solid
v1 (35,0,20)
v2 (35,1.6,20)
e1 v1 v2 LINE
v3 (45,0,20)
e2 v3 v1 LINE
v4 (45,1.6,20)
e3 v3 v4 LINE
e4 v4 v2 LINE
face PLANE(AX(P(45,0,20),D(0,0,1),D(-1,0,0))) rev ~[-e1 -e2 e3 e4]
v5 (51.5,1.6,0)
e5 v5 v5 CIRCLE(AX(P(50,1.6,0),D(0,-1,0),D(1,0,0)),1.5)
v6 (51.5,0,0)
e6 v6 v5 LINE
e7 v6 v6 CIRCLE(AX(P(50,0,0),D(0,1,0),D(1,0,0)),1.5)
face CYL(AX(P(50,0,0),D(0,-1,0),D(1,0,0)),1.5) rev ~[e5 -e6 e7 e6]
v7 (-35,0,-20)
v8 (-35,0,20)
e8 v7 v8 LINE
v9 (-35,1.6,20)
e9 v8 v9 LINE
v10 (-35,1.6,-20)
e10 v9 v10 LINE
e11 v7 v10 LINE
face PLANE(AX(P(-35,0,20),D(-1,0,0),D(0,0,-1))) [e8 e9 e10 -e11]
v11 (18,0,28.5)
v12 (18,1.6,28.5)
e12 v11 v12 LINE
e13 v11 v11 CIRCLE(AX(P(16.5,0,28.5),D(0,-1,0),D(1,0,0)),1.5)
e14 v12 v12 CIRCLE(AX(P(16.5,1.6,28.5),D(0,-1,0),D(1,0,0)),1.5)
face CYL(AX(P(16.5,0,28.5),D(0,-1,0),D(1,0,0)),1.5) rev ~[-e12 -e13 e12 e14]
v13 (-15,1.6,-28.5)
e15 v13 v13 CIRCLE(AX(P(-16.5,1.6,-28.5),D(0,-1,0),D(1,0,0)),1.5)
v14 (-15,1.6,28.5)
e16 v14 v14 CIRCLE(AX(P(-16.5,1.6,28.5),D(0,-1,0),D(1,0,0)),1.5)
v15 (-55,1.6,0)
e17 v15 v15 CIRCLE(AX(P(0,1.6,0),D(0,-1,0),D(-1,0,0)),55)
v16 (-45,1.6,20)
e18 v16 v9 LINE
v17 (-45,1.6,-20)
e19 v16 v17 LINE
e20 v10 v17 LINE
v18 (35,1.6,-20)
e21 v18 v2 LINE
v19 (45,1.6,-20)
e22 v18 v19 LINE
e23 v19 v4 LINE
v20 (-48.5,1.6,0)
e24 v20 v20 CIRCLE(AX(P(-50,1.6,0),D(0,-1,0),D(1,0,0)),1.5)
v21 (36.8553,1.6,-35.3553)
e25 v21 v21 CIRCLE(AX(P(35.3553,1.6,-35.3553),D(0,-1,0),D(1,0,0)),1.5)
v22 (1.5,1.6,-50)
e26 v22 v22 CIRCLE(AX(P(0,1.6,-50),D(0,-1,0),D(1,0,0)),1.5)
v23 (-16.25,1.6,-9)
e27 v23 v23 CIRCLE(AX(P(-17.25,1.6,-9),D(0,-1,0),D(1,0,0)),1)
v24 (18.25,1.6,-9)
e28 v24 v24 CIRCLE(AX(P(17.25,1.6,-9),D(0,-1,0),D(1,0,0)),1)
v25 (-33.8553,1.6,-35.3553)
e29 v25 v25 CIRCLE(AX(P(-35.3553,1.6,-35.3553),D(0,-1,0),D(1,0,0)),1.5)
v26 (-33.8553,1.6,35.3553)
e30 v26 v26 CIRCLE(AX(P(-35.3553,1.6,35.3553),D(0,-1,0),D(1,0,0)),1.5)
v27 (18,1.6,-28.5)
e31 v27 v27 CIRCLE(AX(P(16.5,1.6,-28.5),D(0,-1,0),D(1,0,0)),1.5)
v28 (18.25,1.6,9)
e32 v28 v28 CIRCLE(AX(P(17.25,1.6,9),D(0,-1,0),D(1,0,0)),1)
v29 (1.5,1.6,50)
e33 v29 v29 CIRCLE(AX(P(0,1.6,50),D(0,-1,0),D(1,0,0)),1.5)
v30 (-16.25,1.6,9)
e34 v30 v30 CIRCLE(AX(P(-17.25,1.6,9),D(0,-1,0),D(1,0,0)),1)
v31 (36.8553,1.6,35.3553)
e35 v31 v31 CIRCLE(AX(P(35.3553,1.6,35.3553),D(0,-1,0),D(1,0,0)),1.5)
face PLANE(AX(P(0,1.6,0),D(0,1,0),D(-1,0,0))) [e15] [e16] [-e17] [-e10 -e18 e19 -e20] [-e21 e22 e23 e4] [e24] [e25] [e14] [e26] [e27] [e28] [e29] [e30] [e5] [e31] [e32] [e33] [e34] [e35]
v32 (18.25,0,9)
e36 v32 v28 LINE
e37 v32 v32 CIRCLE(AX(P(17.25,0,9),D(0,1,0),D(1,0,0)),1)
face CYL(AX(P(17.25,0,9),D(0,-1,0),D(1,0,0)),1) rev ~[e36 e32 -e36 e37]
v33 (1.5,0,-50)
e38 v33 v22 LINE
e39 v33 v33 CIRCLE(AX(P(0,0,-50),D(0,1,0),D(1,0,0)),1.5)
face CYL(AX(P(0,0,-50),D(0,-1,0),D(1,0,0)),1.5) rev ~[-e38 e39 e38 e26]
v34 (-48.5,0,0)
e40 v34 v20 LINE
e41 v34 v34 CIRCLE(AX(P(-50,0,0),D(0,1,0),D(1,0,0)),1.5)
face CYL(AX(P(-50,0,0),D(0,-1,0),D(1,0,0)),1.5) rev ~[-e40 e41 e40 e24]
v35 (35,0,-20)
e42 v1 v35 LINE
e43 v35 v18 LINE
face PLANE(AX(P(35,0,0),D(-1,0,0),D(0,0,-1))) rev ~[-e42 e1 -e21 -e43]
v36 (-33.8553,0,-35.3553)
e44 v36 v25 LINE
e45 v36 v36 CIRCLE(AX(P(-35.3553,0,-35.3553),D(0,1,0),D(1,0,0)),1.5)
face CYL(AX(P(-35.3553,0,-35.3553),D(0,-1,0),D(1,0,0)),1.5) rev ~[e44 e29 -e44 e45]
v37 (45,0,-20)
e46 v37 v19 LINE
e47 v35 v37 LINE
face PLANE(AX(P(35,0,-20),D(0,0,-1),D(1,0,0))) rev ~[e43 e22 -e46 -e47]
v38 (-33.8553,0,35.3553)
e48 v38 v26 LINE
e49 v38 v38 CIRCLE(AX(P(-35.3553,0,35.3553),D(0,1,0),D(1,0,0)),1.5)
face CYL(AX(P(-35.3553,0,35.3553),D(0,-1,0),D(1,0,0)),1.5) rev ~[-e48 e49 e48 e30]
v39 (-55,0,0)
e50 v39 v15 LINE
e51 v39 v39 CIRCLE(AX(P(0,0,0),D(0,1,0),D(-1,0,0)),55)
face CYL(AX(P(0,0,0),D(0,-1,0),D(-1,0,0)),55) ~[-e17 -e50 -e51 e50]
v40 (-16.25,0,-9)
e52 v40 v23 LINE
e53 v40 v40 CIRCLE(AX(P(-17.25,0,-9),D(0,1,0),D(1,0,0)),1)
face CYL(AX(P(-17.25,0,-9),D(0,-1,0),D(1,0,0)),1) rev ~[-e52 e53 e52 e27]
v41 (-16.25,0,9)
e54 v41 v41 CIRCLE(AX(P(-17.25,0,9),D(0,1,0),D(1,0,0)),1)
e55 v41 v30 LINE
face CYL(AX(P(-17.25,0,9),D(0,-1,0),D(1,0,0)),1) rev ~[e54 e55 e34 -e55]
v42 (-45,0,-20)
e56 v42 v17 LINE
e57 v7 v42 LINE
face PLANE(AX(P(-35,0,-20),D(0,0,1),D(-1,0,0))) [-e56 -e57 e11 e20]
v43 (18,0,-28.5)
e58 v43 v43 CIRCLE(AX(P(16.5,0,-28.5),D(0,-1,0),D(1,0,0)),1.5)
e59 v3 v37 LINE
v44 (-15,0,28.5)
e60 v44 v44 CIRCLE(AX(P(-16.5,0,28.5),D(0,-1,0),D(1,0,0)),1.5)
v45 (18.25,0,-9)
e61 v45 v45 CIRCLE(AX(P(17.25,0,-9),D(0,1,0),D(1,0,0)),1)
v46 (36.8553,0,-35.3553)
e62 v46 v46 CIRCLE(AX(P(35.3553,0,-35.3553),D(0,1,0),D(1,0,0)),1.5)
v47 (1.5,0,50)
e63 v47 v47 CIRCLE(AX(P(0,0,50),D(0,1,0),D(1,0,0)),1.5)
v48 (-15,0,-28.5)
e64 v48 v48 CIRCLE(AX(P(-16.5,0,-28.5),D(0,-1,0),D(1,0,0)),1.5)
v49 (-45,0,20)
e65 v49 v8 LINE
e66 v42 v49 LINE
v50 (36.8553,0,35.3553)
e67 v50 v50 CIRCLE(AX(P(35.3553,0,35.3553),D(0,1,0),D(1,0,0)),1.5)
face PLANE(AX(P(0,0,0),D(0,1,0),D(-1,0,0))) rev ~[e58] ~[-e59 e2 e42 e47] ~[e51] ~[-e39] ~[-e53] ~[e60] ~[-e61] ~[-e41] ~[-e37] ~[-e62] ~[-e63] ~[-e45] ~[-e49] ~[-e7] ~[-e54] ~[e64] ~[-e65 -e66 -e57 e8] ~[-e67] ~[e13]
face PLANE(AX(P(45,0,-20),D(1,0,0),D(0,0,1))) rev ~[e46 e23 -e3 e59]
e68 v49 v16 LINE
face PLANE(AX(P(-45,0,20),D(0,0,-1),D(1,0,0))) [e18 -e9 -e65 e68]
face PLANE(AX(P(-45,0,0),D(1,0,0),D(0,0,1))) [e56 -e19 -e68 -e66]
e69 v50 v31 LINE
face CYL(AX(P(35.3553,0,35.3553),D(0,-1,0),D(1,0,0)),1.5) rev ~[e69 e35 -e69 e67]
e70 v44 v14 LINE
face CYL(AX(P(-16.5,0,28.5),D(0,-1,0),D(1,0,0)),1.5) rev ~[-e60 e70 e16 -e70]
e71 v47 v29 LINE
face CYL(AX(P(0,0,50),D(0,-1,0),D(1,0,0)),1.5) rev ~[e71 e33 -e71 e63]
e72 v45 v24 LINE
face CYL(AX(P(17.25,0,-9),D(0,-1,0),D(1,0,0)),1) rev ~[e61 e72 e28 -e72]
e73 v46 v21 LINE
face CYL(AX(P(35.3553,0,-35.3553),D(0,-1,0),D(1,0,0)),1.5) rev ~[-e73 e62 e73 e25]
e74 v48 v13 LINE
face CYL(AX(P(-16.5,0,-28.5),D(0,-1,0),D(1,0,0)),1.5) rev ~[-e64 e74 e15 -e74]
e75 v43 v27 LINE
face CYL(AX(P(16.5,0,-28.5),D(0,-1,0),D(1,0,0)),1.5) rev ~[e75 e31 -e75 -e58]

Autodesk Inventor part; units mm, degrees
ref_plane "YZ Plane" through (0, 0, 0) normal (1, 0, 0) x (0, 1, 0)
ref_plane "XZ Plane" through (0, 0, 0) normal (0, 1, 0) x (-1, 0, 0)
ref_plane "XY Plane" through (0, 0, 0) normal (0, 0, 1) x (1, 0, 0)
sketch "Эскиз1" plane through (0, 0, 0) normal (0, 1, 0) x (-1, 0, 0)
  circle A0 centre (0, 0) radius 55
  line L0 (79.4555, 0) -> (-79.4555, 0)
  line L1 (0, -103.8803) -> (0, 88.3129)
  dimension "d0" = 110
extrude "Выдавливание1" add sketch "Эскиз1" along normal blind 1.6
sketch "Эскиз2" plane through (0, 0, 0) normal (0, -1, 0) x (1, 0, 0)
  circle A0 centre (0, 0) radius 55 projected
  line L0 (0, -103.8803) -> (0, 88.3129) projected
  line L1 (-79.4555, 0) -> (79.4555, 0) projected
  line L2 (11.5, -13.3) -> (23, -13.3)
  line L3 (23, -13.3) -> (23, 13.3)
  line L4 (23, 13.3) -> (11.5, 13.3)
  line L5 (11.5, 13.3) -> (11.5, -13.3)
  line L6 (35, -20) -> (45, -20)
  line L7 (45, -20) -> (45, 20)
  line L8 (45, 20) -> (35, 20)
  line L9 (35, 20) -> (35, -20)
  line L10 (17.25, -13.3) -> (17.25, 13.3)
  circle A1 centre (17.25, -9) radius 1
  circle A2 centre (17.25, 9) radius 1
  line L11 (3, 6) -> (33, 6)
  line L12 (33, 6) -> (33, -6)
  line L13 (33, -6) -> (3, -6)
  line L14 (3, -6) -> (3, 6)
  line L15 (-11.5, -13.3) -> (-23, -13.3)
  line L16 (-23, -13.3) -> (-23, 13.3)
  line L17 (-23, 13.3) -> (-11.5, 13.3)
  line L18 (-11.5, 13.3) -> (-11.5, -13.3)
  line L19 (-35, -20) -> (-45, -20)
  line L20 (-45, -20) -> (-45, 20)
  line L21 (-45, 20) -> (-35, 20)
  line L22 (-35, 20) -> (-35, -20)
  line L23 (-17.25, -13.3) -> (-17.25, 13.3)
  circle A3 centre (-17.25, -9) radius 1
  circle A4 centre (-17.25, 9) radius 1
  line L24 (-3, 6) -> (-33, 6)
  line L25 (-33, 6) -> (-33, -6)
  line L26 (-33, -6) -> (-3, -6)
  line L27 (-3, -6) -> (-3, 6)
  circle A5 centre (0, 0) radius 50
  circle A6 centre (0, -50) radius 1.5
  circle A7 centre (50, 0) radius 1.5
  circle A8 centre (0, 50) radius 1.5
  circle A9 centre (-50, 0) radius 1.5
  circle A10 centre (35.3553, -35.3553) radius 1.5
  circle A11 centre (50, 0) radius 1.5
  circle A12 centre (35.3553, 35.3553) radius 1.5
  circle A13 centre (0, 50) radius 1.5
  circle A14 centre (-35.3553, 35.3553) radius 1.5
  circle A15 centre (-50, 0) radius 1.5
  circle A16 centre (-35.3553, -35.3553) radius 1.5
  dimension "d6" = 11.5
  dimension "d7" = 26.6
  dimension "d9" = 10
  dimension "d10" = 40
  dimension "d11" = 45
  dimension "d12" = 12
  dimension "d13" = 2
  dimension "d14" = 18
  dimension "d15" = 2
  dimension "d16" = 30
  dimension "d17" = 12
  dimension "d18" = 2
  dimension "d21" = 100
  dimension "d22" = 3
  dimension "d23" = 3
  dimension "d25" = 3
  dimension "d26" = 3
  dimension "d30" = 360
extrude "Выдавливание2" cut sketch "Эскиз2" against normal blind 1.6 contours A7 A5 L1 | L1 A5 A7 | A8 A5 L0 | L0 A5 A8 | A6 A5 L0 | L0 A5 A6 | A5 A7 L1 | L1 A7 A5 | A9 A5 L1 | L1 A5 A9 | A5 A8 L0 | L0 A8 A5 | A5 A6 L0 | L0 A6 A5 | A12 A5 | A5 A12 | A10 A5 | A5 A10 | A5 A9 L1 | L1 A9 A5 | A14 A5 | A5 A14 | A16 A5 | A5 A16 | L7 L6 L9 L1 | L1 L9 L8 L7 | L20 L21 L22 L1 | L1 L22 L19 L20 | A3 L23 | L23 A3 | A4 L23 | L23 A4 | A1 L10 | L10 A1 | A2 L10 | L10 A2
sketch "Эскиз3" plane through (0, 0, 0) normal (0, -1, 0) x (1, 0, 0)
  circle A0 centre (50, 0) radius 1.5 projected
  circle A1 centre (-50, 0) radius 1.5 projected
  circle A2 centre (-17.25, 9) radius 1 projected
  line L0 (35, -20) -> (35, 20) projected
  line L1 (35, 20) -> (45, 20) projected
  line L2 (45, 20) -> (45, -20) projected
  line L3 (45, -20) -> (35, -20) projected
  line L4 (-35, -20) -> (-45, -20) projected
  line L5 (-45, -20) -> (-45, 20) projected
  line L6 (-45, 20) -> (-35, 20) projected
  line L7 (-35, 20) -> (-35, -20) projected
  circle A3 centre (-35.3553, 35.3553) radius 1.5 projected
  circle A4 centre (35.3553, -35.3553) radius 1.5 projected
  circle A5 centre (35.3553, 35.3553) radius 1.5 projected
  circle A6 centre (-35.3553, -35.3553) radius 1.5 projected
  circle A7 centre (17.25, 9) radius 1 projected
  circle A8 centre (17.25, -9) radius 1 projected
  circle A9 centre (-17.25, -9) radius 1 projected
  circle A10 centre (0, 50) radius 1.5 projected
  circle A11 centre (0, -50) radius 1.5 projected
  circle A12 centre (0, 0) radius 55 projected
  line L8 (-79.4555, 0) -> (79.4555, 0) projected
  line L9 (0, -103.8803) -> (0, 88.3129) projected
  circle A13 centre (0, 0) radius 50 projected
  circle A14 centre (-35.3553, -35.3553) radius 1.5 projected
  line L10 (23, 13.3) -> (11.5, 13.3) projected
  line L11 (-21.1, -39.0646) -> (21.1, -39.0646)
  line L12 (21.1, -39.0646) -> (21.1, 37.2354)
  line L13 (21.1, 37.2354) -> (-21.1, 37.2354)
  line L14 (-21.1, 37.2354) -> (-21.1, -39.0646)
  circle A15 centre (-16.5, -28.5) radius 1.5
  circle A16 centre (16.5, -28.5) radius 1.5
  circle A17 centre (16.5, 28.5) radius 1.5
  circle A18 centre (-16.5, 28.5) radius 1.5
  dimension "d34" = 76.3
  dimension "d35" = 42.2
  dimension "d37" = 3
  dimension "d38" = 3
  dimension "d39" = 3
  dimension "d40" = 3
  dimension "d42" = 33
  dimension "d43" = 57
extrude "Выдавливание3" cut sketch "Эскиз3" against normal blind 1.6 contours A15 | A16 | A17 | A18
properties part number "pcbCase"
